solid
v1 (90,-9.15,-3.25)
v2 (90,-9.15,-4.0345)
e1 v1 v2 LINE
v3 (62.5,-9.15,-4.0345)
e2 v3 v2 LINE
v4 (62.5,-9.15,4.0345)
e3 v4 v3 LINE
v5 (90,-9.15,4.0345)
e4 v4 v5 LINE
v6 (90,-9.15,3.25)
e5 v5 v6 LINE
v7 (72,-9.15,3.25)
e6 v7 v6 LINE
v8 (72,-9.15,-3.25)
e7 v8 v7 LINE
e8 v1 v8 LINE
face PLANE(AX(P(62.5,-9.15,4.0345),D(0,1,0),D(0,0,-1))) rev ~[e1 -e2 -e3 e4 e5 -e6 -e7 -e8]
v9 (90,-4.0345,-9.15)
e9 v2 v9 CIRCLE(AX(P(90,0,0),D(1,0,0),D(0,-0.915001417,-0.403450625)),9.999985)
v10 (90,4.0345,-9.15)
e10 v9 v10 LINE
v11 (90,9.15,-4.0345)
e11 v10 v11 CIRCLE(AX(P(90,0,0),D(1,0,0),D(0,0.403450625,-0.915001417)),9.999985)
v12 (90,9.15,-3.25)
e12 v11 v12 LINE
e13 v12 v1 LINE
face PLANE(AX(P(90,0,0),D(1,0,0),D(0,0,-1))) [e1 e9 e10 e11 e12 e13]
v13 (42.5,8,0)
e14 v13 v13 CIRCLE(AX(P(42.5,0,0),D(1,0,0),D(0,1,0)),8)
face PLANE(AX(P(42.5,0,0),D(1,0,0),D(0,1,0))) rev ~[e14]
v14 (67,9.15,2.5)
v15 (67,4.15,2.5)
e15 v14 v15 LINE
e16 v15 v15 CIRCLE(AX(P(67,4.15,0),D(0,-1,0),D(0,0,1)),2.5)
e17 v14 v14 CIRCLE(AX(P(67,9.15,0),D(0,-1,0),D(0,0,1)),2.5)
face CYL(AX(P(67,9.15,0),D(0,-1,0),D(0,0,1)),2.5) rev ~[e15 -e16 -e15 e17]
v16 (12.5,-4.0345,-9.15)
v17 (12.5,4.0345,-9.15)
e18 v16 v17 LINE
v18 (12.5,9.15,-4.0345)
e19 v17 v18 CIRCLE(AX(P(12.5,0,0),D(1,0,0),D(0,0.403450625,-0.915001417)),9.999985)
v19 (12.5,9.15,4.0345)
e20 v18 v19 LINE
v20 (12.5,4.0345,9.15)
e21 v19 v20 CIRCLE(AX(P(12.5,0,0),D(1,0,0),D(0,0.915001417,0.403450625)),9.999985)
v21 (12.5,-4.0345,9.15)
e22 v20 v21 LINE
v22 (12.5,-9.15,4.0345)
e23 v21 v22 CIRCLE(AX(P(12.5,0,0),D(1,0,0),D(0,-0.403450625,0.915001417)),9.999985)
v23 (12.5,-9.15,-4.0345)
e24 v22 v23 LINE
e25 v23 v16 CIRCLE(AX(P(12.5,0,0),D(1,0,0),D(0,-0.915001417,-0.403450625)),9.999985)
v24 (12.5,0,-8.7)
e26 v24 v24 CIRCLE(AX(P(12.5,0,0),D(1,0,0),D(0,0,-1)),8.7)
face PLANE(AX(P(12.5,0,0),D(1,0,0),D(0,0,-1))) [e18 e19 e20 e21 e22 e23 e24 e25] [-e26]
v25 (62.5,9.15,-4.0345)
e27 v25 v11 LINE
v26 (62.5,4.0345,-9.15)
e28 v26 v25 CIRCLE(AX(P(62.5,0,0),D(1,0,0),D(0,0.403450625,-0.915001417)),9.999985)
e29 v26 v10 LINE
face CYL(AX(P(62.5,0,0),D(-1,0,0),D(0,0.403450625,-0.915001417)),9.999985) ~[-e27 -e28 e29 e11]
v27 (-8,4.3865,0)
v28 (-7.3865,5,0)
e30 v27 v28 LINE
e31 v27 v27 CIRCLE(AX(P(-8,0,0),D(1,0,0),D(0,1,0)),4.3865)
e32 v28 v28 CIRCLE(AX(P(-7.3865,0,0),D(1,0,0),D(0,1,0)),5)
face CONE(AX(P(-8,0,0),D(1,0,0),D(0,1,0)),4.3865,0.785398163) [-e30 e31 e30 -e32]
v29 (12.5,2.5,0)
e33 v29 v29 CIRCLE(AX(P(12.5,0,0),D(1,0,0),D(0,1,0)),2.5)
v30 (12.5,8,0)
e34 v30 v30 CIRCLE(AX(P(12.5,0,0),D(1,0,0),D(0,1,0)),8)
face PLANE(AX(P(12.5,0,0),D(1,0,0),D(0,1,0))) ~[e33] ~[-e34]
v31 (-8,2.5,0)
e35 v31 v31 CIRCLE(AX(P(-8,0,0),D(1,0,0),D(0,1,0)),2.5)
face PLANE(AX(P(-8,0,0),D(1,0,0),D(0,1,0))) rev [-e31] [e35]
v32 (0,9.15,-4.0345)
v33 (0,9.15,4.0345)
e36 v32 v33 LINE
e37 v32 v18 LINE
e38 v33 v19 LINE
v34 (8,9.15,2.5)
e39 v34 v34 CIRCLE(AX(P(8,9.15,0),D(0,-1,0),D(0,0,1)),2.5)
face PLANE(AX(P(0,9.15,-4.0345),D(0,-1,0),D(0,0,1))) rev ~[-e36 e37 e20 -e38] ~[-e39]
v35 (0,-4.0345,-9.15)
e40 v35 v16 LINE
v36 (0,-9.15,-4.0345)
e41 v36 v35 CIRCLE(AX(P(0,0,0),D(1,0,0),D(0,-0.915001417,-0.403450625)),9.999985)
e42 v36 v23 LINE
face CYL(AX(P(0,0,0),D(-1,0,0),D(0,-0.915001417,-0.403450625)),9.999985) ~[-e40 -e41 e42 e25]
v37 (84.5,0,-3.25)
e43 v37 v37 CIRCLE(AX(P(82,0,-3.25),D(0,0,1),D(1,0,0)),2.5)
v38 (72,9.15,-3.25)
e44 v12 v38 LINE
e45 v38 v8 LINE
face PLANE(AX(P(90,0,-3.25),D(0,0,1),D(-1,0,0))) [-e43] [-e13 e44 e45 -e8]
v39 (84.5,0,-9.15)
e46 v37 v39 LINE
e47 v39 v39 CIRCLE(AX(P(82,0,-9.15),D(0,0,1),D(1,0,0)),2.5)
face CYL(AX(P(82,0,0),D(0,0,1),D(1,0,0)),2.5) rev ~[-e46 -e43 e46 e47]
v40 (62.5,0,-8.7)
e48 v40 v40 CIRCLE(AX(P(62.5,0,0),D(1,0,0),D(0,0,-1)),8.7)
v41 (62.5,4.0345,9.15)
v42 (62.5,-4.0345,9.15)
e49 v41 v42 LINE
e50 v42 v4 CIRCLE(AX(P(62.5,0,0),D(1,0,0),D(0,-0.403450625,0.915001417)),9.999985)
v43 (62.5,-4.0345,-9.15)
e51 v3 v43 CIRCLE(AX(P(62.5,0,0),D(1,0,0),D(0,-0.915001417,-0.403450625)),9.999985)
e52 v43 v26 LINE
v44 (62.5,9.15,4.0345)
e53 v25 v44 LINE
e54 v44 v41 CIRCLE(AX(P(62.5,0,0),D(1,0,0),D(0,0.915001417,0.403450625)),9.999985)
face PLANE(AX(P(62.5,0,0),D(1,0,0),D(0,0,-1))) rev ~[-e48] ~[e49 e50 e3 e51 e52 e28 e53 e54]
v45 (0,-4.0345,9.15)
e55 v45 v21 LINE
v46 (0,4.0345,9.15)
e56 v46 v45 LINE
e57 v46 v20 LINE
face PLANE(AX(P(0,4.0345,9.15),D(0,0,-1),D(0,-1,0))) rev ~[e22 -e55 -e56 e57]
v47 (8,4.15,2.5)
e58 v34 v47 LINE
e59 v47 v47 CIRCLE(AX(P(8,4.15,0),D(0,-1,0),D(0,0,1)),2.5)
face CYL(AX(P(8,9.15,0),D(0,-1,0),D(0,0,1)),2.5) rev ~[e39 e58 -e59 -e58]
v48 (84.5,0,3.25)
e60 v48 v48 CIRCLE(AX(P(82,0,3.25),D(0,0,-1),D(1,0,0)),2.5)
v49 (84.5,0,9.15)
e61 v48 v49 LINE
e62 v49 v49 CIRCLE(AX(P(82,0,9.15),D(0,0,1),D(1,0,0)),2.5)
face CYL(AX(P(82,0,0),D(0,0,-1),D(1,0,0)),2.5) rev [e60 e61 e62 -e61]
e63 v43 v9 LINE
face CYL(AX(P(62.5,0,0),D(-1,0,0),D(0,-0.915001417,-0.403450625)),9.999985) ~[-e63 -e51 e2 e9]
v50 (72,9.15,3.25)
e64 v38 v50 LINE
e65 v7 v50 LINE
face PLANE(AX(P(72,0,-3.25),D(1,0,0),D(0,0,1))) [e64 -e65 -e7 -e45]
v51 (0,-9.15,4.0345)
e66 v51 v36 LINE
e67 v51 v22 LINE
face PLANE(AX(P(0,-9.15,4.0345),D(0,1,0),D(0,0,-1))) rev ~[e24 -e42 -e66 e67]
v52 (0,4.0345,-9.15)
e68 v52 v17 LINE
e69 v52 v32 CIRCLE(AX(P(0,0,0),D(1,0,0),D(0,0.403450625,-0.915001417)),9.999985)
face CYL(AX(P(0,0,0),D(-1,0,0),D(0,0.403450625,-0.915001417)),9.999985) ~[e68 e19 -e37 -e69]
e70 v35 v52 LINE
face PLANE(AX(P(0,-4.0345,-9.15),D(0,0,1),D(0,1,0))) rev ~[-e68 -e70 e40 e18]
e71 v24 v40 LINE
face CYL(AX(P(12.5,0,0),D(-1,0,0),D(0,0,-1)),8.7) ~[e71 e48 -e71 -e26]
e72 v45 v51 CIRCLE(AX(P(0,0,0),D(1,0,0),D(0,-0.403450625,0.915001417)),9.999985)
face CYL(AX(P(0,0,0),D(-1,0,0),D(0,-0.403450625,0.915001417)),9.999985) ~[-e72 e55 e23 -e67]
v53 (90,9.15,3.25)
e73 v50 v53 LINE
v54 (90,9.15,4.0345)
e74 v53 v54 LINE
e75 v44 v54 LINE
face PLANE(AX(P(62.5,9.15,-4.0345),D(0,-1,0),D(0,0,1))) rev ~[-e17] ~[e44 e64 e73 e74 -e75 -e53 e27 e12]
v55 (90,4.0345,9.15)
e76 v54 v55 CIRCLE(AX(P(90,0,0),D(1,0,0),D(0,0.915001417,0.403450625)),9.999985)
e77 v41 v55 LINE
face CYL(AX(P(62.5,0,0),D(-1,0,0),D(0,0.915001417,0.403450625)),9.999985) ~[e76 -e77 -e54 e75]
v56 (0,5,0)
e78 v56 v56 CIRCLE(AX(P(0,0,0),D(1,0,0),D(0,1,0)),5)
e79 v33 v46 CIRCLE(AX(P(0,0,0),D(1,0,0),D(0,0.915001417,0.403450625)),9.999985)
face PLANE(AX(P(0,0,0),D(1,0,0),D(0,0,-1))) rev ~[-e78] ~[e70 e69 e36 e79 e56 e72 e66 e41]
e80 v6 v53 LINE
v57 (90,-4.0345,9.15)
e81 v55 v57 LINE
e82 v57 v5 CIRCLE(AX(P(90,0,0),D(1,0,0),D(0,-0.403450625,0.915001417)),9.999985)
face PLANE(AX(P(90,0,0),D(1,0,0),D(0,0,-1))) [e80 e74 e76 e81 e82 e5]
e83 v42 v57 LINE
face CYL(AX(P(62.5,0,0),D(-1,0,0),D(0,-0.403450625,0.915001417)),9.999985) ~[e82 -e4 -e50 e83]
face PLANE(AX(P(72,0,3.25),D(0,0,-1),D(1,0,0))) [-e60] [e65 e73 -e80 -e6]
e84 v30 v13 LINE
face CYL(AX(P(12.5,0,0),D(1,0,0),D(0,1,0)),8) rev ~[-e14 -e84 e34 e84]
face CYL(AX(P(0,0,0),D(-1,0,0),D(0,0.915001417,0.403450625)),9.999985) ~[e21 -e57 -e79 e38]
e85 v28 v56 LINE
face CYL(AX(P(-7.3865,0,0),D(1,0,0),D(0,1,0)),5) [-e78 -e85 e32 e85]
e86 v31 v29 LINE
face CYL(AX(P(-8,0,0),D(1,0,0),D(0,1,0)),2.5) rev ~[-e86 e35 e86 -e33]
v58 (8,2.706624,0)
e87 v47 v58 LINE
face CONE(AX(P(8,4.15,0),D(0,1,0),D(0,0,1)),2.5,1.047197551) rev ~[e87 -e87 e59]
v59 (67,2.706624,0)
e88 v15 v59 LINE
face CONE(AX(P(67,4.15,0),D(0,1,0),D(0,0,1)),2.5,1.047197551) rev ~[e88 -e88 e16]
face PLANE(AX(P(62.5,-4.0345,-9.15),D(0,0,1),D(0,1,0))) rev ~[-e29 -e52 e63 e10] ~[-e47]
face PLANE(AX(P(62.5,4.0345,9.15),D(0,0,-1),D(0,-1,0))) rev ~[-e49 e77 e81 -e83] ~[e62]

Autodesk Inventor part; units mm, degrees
sketch "Sketch_8" plane through (0, 0, 0) normal (0, 0, 1) x (1, 0, 0)
  line L0 (0, 0) -> (-8, 0)
  line L1 (-8, 0) -> (-8, 4.3865)
  line L2 (-8, 4.3865) -> (-7.3865, 5)
  line L3 (-7.3865, 5) -> (0, 5)
  line L4 (0, 5) -> (0, 0)
  line L5 (0, 0) -> (-8, 0)
revolve "Revolution1" add sketch "Sketch_8" angle 360 about axis through (0, 0, 0) along (1, 0, 0)
thread "Thread1" size "M10x1" class "6g" standard "ISO Metric profile" length 5.8865
sketch "Sketch_9" plane through (0, 0, 0) normal (1, 0, 0) x (0, 0, -1)
  line L0 (-9.15, 4.0345) -> (-9.15, -4.0345)
  arc A0 (-9.15, -4.0345) -> (-4.0345, -9.15) centre (0, 0) ccw
  line L1 (-4.0345, -9.15) -> (4.0345, -9.15)
  arc A1 (4.0345, -9.15) -> (9.15, -4.0345) centre (0, 0) ccw
  line L2 (9.15, -4.0345) -> (9.15, 4.0345)
  arc A2 (9.15, 4.0345) -> (4.0345, 9.15) centre (0, 0) ccw
  line L3 (4.0345, 9.15) -> (-4.0345, 9.15)
  arc A3 (-4.0345, 9.15) -> (-9.15, 4.0345) centre (0, 0) ccw
extrude "Extrusion1" add sketch "Sketch_9" along normal blind 12.5
sketch "Sketch_11" plane through (12.5, 0, 0) normal (1, 0, 0) x (0, 0, -1)
  circle A0 centre (0, 0) radius 8.7
extrude "Extrusion2" add sketch "Sketch_11" along normal blind 50
sketch "Sketch_10" plane through (62.5, 0, 0) normal (1, 0, 0) x (0, 0, -1)
  line L0 (-9.15, 4.0345) -> (-9.15, -4.0345)
  arc A0 (-9.15, -4.0345) -> (-4.0345, -9.15) centre (0, 0) ccw
  line L1 (-4.0345, -9.15) -> (4.0345, -9.15)
  arc A1 (4.0345, -9.15) -> (9.15, -4.0345) centre (0, 0) ccw
  line L2 (9.15, -4.0345) -> (9.15, 4.0345)
  arc A2 (9.15, 4.0345) -> (4.0345, 9.15) centre (0, 0) ccw
  line L3 (4.0345, 9.15) -> (-4.0345, 9.15)
  arc A3 (-4.0345, 9.15) -> (-9.15, 4.0345) centre (0, 0) ccw
extrude "Extrusion3" add sketch "Sketch_10" along normal blind 27.5
sketch "Sketch5" plane through (0, 9.15, 4.0345) normal (0, 1, 0) x (1, 0, 0)
  point P0 (8, 4.0345)
hole "Hole1" at (8, 9.15, 0) direction (0, -1, 0) diameter 5 depth 5 tip angle 120
sketch "Sketch6" plane through (62.5, 9.15, 4.0345) normal (0, 1, 0) x (1, 0, 0)
  point P0 (4.5, 4.0345)
hole "Hole2" at (67, 9.15, 0) direction (0, -1, 0) diameter 5 depth 5 tip angle 120
sketch "Sketch_16" plane through (0, 0, 0) normal (0, 0, 1) x (1, 0, 0)
  line L0 (42.5, 0) -> (-8, 0)
  line L1 (-8, 0) -> (-8, 2.5)
  line L2 (-8, 2.5) -> (12.5, 2.5)
  line L3 (12.5, 2.5) -> (12.5, 8)
  line L4 (12.5, 8) -> (42.5, 8)
  line L5 (42.5, 8) -> (42.5, 0)
  line L6 (42.5, 0) -> (-8, 0)
revolve "Revolution2" cut sketch "Sketch_16" angle 360 about axis through (42.5, 0, 0) along (1, 0, 0)
sketch "Sketch_3" plane through (0, 0, 0) normal (0, 1, 0) x (-1, 0, 0)
  line L0 (-72, 3.25) -> (-90, 3.25)
  line L1 (-90, 3.25) -> (-90, -3.25)
  line L2 (-90, -3.25) -> (-72, -3.25)
  line L3 (-72, -3.25) -> (-72, 3.25)
extrude "Extrusion4" cut sketch "Sketch_3" along normal mid plane 18.3
sketch "Sketch_13" plane through (0, 0, 0) normal (0, 0, 1) x (1, 0, 0)
  circle A0 centre (82, 0) radius 2.5
extrude "Extrusion5" cut sketch "Sketch_13" along normal mid plane 18.3
ref_plane "BODY_N_XY" through (82, 0, 0) normal (0, 0, -1) x (1, 0, 0)
ref_plane "BODY_N_YZ" through (82, 0, 0) normal (1, 0, 0) x (0, -1, 0)
ref_plane "BODY_N_ZX" through (82, 0, 0) normal (0, -1, 0) x (0, 0, -1)
ref_plane "BODY_PIN_XY" through (82, 0, 0) normal (-1, 0, 0) x (0, 0, -1)
ref_plane "BODY_PIN_YZ" through (82, 0, 0) normal (0, 0, -1) x (0, -1, 0)
ref_plane "BODY_PIN_ZX" through (82, 0, 0) normal (0, -1, 0) x (-1, 0, 0)
ref_plane "NUT2_XY" through (72, 0, 0) normal (1, 0, 0) x (0, 0, -1)
ref_plane "NUT2_YZ" through (72, 0, 0) normal (0, 0, -1) x (0, 1, 0)
ref_plane "NUT2_ZX" through (72, 0, 0) normal (0, 1, 0) x (1, 0, 0)
ref_plane "SW1_XY" through (17.5, 0, 0) normal (1, 0, 0) x (0, 0, -1)
ref_plane "SW1_YZ" through (17.5, 0, 0) normal (0, 0, -1) x (0, 1, 0)
ref_plane "SW1_ZX" through (17.5, 0, 0) normal (0, 1, 0) x (1, 0, 0)
ref_plane "SW2_XY" through (57.5, 0, 0) normal (-1, 0, 0) x (0, 0, -1)
ref_plane "SW2_YZ" through (57.5, 0, 0) normal (0, 0, -1) x (0, -1, 0)
ref_plane "SW2_ZX" through (57.5, 0, 0) normal (0, -1, 0) x (-1, 0, 0)
ref_plane "SW_R1_XY" through (17.5, -14.15, 0) normal (1, 0, 0) x (0, 0, -1)
ref_plane "SW_R1_YZ" through (17.5, -14.15, 0) normal (0, 0, -1) x (0, 1, 0)
ref_plane "SW_R1_ZX" through (17.5, -14.15, 0) normal (0, 1, 0) x (1, 0, 0)
ref_plane "SW_R2_XY" through (57.5, -14.15, 0) normal (-1, 0, 0) x (0, 0, -1)
ref_plane "SW_R2_YZ" through (57.5, -14.15, 0) normal (0, 0, -1) x (0, -1, 0)
ref_plane "SW_R2_ZX" through (57.5, -14.15, 0) normal (0, -1, 0) x (-1, 0, 0)
ref_plane "body_XY" through (0, 0, 0) normal (-1, 0, 0) x (0, 0, -1)
ref_plane "body_YZ" through (0, 0, 0) normal (0, 0, -1) x (0, -1, 0)
ref_plane "body_ZX" through (0, 0, 0) normal (0, -1, 0) x (-1, 0, 0)
properties part number "CJ2D16-25Z(1_1)_BODY"
